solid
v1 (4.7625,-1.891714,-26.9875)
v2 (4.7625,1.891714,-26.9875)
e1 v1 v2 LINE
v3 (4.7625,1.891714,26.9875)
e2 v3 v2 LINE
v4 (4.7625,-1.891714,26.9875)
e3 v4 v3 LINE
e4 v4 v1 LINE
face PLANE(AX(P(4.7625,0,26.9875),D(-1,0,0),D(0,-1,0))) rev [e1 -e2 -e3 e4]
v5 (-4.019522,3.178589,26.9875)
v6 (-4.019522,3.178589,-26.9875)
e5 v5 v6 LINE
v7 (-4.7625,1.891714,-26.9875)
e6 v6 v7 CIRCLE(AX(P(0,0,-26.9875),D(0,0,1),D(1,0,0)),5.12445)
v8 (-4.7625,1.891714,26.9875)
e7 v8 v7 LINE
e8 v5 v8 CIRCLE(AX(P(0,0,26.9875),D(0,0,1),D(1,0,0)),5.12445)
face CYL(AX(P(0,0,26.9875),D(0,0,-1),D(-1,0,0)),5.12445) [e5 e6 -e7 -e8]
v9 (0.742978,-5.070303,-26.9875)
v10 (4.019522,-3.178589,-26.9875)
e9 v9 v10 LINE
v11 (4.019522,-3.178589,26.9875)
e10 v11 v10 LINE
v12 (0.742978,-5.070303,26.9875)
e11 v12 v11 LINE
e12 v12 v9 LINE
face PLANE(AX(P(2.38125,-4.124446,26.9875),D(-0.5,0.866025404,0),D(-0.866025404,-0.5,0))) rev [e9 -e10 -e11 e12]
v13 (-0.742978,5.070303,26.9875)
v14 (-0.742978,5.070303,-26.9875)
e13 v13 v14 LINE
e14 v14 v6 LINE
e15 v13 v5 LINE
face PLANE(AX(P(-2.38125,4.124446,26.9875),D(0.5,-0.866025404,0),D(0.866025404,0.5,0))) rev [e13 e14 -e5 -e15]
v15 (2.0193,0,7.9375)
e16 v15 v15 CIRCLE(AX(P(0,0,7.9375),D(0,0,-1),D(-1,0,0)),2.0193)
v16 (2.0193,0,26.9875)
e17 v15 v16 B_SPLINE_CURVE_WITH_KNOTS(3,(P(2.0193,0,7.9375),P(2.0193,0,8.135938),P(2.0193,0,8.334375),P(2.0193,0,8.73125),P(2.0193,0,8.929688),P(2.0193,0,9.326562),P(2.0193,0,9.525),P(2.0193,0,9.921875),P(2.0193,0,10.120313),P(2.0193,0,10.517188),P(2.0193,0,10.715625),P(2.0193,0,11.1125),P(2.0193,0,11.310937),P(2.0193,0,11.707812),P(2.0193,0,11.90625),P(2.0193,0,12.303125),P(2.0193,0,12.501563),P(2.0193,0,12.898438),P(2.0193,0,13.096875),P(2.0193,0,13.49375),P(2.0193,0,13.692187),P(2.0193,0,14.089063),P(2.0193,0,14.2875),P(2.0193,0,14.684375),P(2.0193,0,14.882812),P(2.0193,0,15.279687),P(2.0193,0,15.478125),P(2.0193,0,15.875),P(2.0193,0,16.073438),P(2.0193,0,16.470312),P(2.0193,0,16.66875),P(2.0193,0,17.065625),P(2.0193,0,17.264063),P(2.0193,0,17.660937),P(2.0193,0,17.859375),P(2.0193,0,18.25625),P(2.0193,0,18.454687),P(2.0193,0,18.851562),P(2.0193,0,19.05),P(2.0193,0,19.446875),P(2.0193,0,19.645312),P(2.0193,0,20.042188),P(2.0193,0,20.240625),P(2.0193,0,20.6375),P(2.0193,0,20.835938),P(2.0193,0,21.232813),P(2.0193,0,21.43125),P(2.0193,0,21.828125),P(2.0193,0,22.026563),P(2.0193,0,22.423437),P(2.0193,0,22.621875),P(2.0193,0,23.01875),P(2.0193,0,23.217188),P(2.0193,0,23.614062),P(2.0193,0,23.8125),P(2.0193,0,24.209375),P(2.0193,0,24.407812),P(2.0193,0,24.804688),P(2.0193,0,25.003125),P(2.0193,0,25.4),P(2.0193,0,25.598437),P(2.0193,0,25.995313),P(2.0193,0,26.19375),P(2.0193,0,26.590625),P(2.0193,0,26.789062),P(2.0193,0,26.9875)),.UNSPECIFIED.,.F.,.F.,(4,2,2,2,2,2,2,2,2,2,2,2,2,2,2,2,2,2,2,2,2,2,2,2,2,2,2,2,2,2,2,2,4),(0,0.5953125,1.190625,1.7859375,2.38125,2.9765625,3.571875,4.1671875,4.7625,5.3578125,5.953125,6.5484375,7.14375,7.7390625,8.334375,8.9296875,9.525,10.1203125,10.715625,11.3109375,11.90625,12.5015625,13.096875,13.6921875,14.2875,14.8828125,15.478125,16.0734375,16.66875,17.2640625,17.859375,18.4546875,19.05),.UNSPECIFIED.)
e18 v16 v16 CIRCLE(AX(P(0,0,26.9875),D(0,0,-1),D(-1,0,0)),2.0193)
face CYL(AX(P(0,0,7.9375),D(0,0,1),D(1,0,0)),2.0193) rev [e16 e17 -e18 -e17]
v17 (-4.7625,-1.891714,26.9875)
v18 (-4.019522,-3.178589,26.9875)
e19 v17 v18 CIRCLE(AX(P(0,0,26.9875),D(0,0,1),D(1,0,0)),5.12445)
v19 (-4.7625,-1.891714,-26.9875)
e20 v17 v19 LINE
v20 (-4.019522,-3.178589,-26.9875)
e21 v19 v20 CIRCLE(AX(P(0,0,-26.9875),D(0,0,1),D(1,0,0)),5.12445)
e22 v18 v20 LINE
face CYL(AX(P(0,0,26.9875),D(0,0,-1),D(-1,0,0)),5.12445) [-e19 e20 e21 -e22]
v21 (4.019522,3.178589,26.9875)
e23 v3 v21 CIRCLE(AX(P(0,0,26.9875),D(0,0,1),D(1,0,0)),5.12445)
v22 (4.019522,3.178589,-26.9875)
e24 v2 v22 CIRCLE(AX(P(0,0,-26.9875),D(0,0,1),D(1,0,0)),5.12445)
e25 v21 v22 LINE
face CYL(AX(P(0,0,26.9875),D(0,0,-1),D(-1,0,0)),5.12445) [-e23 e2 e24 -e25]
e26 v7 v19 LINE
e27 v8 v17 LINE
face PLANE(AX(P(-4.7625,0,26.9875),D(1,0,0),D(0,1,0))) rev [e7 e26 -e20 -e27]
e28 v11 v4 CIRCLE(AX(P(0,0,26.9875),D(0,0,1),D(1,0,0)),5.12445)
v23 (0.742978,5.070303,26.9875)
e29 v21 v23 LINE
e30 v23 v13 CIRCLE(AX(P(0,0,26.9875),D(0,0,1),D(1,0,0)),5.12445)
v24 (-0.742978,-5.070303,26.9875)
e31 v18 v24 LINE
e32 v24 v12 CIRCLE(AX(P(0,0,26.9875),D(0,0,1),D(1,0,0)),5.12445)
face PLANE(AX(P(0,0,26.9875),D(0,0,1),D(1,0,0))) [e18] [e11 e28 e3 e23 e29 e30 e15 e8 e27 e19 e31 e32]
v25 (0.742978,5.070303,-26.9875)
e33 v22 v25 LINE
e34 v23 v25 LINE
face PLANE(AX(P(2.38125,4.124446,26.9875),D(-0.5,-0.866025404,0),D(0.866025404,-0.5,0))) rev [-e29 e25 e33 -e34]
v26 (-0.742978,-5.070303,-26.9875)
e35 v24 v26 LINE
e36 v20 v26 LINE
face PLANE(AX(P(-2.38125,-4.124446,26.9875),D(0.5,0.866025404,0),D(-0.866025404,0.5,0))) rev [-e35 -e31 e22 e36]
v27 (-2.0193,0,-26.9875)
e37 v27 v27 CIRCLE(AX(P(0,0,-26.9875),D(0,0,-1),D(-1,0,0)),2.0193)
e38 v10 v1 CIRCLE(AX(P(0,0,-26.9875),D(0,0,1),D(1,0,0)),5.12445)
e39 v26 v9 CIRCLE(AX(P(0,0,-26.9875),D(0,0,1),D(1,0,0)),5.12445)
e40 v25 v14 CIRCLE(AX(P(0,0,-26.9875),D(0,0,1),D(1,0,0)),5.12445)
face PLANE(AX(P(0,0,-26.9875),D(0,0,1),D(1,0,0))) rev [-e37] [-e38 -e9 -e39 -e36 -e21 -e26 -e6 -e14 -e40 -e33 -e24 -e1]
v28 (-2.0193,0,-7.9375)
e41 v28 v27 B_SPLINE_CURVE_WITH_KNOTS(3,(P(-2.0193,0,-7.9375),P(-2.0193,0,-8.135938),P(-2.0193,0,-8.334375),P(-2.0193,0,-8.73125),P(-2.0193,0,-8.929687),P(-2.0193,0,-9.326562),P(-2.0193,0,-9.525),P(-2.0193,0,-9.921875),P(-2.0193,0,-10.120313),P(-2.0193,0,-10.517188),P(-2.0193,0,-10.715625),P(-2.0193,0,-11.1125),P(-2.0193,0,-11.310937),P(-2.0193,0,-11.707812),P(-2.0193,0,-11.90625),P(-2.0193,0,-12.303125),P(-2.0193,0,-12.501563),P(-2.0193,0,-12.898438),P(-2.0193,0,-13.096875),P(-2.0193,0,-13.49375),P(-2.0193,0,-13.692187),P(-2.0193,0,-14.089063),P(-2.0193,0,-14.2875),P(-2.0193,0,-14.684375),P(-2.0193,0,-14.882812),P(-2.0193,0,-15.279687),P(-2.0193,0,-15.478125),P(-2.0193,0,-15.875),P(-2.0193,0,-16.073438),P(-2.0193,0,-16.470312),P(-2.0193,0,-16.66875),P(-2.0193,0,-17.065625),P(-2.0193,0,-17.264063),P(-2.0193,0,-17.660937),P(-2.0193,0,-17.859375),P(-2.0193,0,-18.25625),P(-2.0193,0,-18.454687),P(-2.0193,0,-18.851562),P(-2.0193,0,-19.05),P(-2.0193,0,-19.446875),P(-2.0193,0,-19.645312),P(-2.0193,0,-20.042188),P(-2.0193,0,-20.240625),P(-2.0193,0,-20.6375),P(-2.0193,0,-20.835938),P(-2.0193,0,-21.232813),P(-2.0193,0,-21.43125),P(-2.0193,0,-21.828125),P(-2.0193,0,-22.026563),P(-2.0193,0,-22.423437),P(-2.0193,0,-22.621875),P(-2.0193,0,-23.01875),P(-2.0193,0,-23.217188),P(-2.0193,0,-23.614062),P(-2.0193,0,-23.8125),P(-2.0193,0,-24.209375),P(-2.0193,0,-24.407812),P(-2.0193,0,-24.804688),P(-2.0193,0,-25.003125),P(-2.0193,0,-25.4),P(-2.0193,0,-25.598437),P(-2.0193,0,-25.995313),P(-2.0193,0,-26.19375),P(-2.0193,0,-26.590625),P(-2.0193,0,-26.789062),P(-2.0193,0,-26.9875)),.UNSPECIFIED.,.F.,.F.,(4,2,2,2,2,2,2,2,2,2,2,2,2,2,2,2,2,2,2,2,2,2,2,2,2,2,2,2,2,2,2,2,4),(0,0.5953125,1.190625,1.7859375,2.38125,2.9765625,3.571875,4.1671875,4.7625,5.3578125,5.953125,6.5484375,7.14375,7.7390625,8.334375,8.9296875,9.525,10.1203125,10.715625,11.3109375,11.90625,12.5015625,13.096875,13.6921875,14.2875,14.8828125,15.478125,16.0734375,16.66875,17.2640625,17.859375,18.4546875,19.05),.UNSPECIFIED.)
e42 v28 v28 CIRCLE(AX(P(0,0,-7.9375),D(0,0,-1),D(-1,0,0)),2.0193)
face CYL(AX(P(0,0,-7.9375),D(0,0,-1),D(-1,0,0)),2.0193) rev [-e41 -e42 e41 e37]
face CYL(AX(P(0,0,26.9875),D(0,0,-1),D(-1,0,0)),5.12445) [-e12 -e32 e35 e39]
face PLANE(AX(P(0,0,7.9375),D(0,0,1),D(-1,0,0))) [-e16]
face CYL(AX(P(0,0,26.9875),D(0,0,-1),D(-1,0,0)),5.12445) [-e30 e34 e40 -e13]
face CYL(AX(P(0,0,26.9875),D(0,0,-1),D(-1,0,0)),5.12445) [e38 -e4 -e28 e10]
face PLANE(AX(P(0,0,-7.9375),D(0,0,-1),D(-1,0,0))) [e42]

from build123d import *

# Parameters (mm, degrees)
BOSS_EXTRUDE1_DEPTH = 26.9875
SKETCH2_R           = 2.0193
CUT_EXTRUDE1_DEPTH  = 19.05


with BuildPart() as part:
    # Sketch1 → Boss-Extrude1 (new, symmetric)
    with BuildSketch(Plane.XY):
        with BuildLine():
            ThreePointArc((4.7625, 1.891713919), (4.43790388, 2.562225), (4.019522311, 3.178589026))
            Line((4.019522311, 3.178589026), (0.742977689, 5.070302945))
            ThreePointArc((0.742977689, 5.070302945), (0, 5.12445), (-0.742977689, 5.070302945))
            Line((-0.742977689, 5.070302945), (-4.019522311, 3.178589026))
            ThreePointArc((-4.019522311, 3.178589026), (-4.43790388, 2.562225), (-4.7625, 1.891713919))
            Line((-4.7625, 1.891713919), (-4.7625, -1.891713919))
            ThreePointArc((-4.7625, -1.891713919), (-4.43790388, -2.562225), (-4.019522311, -3.178589026))
            Line((-4.019522311, -3.178589026), (-0.742977689, -5.070302945))
            ThreePointArc((-0.742977689, -5.070302945), (0, -5.12445), (0.742977689, -5.070302945))
            Line((0.742977689, -5.070302945), (4.019522311, -3.178589026))
            ThreePointArc((4.019522311, -3.178589026), (4.43790388, -2.562225), (4.7625, -1.891713919))
            Line((4.7625, -1.891713919), (4.7625, 1.891713919))
        make_face()
    extrude(amount=BOSS_EXTRUDE1_DEPTH, both=True)

    # Sketch2 → Cut-Extrude1 (cut)
    with BuildSketch(Plane(origin=(0, 0, -26.9875), x_dir=(-1, 0, 0), z_dir=(0, 0, -1))):
        Circle(SKETCH2_R)
    cut_extrude1 = extrude(amount=-CUT_EXTRUDE1_DEPTH, mode=Mode.SUBTRACT)

    # Mirror1: Cut-Extrude1 across plane
    add(cut_extrude1.mirror(Plane.XY), mode=Mode.SUBTRACT)


solid = part.part
